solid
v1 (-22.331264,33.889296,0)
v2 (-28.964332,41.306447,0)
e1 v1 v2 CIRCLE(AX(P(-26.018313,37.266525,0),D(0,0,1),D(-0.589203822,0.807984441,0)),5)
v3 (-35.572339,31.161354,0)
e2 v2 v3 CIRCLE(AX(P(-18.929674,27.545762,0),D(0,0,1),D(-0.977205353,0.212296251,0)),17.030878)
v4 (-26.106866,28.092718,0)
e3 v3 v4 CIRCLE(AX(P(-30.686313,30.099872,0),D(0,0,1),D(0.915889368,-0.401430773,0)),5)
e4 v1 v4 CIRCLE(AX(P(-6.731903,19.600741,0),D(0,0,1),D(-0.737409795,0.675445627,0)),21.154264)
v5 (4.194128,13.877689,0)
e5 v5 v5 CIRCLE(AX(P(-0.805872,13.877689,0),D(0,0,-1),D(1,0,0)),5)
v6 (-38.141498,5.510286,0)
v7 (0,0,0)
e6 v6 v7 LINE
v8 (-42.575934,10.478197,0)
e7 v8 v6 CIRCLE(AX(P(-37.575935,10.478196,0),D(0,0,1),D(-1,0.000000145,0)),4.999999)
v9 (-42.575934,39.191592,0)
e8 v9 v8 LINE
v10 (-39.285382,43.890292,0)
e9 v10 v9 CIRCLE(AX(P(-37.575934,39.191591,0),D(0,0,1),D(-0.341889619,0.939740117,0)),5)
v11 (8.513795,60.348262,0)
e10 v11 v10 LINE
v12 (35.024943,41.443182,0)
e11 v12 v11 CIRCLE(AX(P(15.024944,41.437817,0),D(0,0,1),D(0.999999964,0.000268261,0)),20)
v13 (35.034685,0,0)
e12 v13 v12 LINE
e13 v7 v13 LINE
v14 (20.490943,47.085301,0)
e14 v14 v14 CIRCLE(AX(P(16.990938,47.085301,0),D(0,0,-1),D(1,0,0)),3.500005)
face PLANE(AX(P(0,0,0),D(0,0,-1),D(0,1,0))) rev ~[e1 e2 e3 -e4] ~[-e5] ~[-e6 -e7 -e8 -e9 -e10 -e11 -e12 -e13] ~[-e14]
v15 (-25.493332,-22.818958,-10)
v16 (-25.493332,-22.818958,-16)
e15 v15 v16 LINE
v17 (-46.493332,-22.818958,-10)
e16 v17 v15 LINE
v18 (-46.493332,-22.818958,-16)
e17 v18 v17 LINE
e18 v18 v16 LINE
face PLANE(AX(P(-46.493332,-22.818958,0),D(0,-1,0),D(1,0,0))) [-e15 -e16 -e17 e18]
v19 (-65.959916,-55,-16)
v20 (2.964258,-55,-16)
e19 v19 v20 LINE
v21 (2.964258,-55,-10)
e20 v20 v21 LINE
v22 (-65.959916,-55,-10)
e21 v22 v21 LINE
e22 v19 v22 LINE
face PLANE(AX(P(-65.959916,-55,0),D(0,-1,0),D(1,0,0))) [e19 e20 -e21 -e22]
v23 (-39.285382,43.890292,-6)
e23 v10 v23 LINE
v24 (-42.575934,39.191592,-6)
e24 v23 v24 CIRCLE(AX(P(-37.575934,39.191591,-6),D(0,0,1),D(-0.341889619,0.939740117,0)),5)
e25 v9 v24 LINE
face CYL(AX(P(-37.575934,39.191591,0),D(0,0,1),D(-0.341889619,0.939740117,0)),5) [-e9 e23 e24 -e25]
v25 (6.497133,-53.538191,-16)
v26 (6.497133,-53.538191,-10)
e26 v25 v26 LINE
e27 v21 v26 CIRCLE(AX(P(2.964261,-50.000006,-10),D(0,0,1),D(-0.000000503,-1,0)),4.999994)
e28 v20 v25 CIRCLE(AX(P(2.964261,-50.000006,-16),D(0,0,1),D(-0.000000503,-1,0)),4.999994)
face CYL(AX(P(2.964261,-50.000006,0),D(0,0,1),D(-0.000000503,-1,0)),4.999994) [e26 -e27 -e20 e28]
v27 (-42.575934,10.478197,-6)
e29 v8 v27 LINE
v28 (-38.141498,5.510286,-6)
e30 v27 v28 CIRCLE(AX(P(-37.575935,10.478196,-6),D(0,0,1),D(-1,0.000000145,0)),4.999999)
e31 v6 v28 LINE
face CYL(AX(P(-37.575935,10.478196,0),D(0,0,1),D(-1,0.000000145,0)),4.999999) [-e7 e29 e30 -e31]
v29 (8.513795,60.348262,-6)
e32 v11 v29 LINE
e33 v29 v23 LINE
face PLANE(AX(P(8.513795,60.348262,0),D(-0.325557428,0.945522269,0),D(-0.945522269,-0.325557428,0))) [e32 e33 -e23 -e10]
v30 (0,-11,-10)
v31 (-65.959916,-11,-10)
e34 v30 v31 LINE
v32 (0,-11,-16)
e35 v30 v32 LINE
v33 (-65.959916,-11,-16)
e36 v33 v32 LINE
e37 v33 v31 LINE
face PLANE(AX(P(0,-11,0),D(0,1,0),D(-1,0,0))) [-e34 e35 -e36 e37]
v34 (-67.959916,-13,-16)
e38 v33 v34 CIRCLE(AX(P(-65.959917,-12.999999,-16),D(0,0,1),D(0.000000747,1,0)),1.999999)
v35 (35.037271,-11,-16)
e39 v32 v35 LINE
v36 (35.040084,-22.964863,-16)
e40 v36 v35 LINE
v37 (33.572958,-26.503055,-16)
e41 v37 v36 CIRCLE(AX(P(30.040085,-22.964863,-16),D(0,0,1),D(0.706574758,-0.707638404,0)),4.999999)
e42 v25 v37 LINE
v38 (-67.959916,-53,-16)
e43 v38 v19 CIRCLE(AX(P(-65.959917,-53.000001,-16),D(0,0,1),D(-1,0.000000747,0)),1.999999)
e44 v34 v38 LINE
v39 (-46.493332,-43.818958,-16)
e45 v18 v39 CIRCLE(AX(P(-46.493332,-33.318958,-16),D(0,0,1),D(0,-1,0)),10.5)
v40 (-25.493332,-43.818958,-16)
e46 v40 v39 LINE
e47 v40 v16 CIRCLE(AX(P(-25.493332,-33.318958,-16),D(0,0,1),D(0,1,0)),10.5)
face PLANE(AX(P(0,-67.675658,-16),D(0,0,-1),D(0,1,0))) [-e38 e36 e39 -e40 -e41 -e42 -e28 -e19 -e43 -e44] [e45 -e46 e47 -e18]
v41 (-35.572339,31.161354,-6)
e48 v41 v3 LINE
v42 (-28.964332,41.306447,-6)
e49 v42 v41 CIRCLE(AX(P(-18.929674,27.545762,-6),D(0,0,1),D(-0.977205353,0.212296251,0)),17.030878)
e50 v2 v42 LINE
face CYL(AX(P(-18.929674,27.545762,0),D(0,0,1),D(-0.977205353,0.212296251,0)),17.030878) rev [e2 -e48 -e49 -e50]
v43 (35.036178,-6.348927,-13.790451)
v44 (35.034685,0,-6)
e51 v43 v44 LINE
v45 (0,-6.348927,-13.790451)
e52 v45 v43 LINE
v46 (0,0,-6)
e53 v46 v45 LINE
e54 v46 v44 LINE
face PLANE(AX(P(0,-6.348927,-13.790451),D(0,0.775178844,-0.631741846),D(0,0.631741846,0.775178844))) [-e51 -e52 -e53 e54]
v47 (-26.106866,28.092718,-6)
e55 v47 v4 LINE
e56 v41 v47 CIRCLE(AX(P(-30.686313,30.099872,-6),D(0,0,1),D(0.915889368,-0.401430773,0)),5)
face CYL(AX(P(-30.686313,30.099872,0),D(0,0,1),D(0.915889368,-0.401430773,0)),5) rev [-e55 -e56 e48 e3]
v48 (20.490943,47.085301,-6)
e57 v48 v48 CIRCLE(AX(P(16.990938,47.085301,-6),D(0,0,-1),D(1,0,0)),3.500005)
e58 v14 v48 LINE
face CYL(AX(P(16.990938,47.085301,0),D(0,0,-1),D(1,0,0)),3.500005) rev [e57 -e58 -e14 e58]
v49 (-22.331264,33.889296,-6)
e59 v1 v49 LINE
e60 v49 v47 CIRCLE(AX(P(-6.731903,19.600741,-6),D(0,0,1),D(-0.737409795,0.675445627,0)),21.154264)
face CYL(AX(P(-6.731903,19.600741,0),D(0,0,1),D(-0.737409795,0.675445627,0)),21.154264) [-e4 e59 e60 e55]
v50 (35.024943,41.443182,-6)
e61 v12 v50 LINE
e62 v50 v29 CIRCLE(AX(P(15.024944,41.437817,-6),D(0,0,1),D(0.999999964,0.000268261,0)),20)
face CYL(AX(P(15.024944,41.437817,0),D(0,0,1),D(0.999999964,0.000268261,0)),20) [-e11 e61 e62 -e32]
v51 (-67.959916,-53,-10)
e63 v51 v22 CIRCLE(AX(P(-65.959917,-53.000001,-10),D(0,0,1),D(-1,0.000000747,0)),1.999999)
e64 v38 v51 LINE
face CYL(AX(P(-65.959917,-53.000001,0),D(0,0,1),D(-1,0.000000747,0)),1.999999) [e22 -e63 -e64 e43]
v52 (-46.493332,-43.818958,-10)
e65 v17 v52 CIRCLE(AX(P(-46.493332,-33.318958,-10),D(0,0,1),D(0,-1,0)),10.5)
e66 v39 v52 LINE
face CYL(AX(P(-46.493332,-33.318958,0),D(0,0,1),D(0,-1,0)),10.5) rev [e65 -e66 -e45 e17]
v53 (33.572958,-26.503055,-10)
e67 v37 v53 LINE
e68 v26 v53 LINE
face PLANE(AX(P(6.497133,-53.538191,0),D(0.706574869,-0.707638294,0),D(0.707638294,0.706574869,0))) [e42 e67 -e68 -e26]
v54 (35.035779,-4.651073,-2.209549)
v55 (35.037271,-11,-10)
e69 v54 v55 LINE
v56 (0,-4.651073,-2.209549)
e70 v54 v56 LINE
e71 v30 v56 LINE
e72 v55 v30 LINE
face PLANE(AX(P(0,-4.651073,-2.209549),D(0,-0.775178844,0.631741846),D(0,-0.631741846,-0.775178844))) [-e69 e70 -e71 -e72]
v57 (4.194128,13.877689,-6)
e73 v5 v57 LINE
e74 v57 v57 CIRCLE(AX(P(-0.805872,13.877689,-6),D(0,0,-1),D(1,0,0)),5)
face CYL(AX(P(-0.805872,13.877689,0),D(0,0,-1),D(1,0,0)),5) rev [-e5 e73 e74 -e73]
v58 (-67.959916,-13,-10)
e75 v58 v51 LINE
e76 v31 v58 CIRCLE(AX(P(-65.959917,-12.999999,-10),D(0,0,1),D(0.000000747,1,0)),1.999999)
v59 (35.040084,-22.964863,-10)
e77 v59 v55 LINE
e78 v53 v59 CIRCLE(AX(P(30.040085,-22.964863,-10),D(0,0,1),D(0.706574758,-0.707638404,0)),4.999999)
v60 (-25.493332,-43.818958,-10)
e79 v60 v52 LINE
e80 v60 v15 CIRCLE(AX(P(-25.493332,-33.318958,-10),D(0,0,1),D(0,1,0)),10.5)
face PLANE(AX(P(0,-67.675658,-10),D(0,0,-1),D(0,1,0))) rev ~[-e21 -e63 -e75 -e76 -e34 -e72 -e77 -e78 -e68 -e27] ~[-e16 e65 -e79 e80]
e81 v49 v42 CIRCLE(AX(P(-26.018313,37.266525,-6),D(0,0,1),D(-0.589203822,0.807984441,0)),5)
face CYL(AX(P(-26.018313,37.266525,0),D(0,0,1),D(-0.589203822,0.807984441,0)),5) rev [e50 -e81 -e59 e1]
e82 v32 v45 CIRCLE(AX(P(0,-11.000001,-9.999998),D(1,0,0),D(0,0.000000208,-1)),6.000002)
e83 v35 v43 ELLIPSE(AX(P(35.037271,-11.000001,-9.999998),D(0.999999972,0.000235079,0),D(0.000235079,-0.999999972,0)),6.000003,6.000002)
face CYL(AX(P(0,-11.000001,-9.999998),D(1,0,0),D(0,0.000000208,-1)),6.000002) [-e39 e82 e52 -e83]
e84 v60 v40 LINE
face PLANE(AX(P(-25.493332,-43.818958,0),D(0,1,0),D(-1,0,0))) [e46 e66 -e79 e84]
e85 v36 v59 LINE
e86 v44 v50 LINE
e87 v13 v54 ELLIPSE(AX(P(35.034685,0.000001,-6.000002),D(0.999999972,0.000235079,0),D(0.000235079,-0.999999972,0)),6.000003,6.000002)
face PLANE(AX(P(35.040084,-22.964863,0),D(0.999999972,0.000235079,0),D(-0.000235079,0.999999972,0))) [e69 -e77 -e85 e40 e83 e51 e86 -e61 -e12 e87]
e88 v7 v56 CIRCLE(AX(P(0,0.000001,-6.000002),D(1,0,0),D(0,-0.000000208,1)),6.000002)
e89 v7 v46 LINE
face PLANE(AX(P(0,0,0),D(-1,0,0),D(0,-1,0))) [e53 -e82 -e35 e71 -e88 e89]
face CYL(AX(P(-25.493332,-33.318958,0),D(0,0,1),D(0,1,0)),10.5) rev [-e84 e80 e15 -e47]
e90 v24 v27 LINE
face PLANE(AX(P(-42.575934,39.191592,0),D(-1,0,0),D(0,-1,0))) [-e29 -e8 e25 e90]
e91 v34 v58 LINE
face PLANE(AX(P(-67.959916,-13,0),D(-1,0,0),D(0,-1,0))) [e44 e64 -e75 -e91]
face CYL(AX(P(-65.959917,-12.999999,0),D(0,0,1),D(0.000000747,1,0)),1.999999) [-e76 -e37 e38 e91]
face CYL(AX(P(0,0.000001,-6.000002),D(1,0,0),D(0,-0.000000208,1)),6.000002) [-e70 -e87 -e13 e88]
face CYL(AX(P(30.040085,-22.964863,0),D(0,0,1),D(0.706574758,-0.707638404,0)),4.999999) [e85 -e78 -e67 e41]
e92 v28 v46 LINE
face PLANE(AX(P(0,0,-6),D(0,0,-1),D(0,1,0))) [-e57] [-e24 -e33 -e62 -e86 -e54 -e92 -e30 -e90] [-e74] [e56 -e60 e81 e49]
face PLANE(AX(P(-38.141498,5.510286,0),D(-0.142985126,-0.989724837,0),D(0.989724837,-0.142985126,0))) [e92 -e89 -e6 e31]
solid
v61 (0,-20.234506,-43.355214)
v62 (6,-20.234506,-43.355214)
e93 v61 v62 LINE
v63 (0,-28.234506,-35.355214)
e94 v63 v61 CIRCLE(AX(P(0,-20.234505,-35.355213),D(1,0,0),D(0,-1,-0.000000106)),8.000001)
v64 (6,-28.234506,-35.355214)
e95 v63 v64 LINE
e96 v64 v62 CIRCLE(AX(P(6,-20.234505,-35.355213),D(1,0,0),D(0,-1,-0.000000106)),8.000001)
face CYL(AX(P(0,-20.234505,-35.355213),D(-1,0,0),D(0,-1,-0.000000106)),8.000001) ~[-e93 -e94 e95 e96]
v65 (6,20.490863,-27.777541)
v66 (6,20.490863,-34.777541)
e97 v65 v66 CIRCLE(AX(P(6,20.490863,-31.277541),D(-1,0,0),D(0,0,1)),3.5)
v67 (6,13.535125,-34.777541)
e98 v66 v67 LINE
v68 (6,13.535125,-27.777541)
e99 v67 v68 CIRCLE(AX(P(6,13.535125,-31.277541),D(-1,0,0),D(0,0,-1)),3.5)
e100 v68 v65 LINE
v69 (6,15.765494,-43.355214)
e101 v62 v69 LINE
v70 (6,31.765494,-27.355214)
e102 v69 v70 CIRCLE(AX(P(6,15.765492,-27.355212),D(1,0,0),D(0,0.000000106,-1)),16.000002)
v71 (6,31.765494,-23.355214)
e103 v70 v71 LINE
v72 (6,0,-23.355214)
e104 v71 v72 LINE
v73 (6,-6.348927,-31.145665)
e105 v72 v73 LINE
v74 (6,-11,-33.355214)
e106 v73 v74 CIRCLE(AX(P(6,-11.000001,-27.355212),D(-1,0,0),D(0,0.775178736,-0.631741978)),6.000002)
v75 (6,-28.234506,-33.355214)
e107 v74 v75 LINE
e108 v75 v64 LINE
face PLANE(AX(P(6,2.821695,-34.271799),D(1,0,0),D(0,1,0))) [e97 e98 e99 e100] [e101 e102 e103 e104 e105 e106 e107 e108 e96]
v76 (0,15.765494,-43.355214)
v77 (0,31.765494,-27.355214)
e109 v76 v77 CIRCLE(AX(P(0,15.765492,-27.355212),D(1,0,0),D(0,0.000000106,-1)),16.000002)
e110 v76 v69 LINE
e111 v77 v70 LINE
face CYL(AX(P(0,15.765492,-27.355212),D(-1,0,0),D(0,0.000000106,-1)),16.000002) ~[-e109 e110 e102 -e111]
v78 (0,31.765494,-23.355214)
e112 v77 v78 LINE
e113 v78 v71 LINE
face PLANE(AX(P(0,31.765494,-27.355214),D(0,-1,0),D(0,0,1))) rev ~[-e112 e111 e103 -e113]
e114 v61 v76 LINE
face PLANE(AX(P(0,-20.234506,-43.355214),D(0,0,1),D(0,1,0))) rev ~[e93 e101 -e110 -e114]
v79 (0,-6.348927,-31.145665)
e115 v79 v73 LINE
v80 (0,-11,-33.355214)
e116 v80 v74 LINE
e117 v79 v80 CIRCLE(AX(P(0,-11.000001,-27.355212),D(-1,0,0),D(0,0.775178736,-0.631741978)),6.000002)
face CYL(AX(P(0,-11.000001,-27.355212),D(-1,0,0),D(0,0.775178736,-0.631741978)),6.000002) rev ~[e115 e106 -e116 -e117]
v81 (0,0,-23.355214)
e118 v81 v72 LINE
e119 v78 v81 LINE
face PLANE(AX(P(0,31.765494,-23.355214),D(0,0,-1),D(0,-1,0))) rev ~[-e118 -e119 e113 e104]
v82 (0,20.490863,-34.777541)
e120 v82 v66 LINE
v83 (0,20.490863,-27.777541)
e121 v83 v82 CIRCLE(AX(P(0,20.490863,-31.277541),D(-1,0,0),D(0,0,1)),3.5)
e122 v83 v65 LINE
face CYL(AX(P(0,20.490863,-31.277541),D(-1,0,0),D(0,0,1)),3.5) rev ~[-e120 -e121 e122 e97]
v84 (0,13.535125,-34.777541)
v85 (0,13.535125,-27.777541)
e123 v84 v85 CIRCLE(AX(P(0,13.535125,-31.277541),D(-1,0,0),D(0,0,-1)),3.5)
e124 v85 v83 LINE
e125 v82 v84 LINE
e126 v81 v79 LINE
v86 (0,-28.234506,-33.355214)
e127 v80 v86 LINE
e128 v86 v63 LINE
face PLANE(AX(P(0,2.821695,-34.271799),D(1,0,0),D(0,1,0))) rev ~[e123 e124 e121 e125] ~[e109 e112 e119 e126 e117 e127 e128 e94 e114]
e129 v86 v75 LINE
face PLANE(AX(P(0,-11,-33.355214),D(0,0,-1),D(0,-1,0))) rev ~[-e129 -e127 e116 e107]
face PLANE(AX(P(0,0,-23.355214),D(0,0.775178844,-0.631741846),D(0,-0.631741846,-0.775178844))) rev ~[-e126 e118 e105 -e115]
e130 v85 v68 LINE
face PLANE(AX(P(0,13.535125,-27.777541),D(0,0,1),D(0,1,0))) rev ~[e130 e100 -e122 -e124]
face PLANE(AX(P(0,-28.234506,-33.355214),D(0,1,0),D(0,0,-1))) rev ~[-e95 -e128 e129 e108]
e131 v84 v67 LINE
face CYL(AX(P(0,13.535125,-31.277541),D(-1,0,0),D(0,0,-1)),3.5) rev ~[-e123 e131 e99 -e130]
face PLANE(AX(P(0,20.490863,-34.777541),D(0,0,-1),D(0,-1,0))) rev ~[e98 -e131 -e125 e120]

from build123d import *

# Parameters (mm, degrees)
F0_R     = 5
F0_R_2   = 3.500005
F2_DEPTH = 50
F1_W     = 56.675658
F1_H     = 6
F1_W_2   = 79.885715
F3_DEPTH = 100
F4_DEPTH = 6


with BuildPart() as f2:
    # F0 (on Top) → F2 (new body, symmetric)
    with BuildSketch(Plane.XY):
        with BuildLine():
            Line((0, -11), (-65.959916, -11))
            ThreePointArc((-65.959916, -11), (-67.37413, -11.585786), (-67.959916, -13))
            Line((-67.959916, -13), (-67.959916, -53))
            ThreePointArc((-67.959916, -53), (-67.37413, -54.414214), (-65.959916, -55))
            Line((-65.959916, -55), (2.964258, -55))
            ThreePointArc((2.964258, -55), (4.875939, -54.620117), (6.497133, -53.538191))
            Line((6.497133, -53.538191), (33.572958, -26.503055))
            ThreePointArc((33.572958, -26.503055), (34.658762, -24.880017), (35.040084, -22.964863))
            Line((35.040084, -22.964863), (35.024943, 41.443182))
            ThreePointArc((35.024943, 41.443182), (26.636911, 57.721619), (8.513795, 60.348262))
            Line((8.513795, 60.348262), (-39.285382, 43.890292))
            ThreePointArc((-39.285382, 43.890292), (-41.671495, 42.059758), (-42.575934, 39.191592))
            Line((-42.575934, 39.191592), (-42.575934, 10.478197))
            ThreePointArc((-42.575934, 10.478197), (-41.306069, 7.148618), (-38.141498, 5.510286))
            Line((-38.141498, 5.510286), (0, 0))
            Line((0, 0), (0, -11))
        make_face()
        with BuildLine():
            ThreePointArc((-46.493332, -43.818958), (-56.993332, -33.318958), (-46.493332, -22.818958))
            Line((-46.493332, -22.818958), (-25.493332, -22.818958))
            ThreePointArc((-25.493332, -22.818958), (-14.993332, -33.318958), (-25.493332, -43.818958))
            Line((-25.493332, -43.818958), (-46.493332, -43.818958))
        make_face(mode=Mode.SUBTRACT)
        with BuildLine():
            ThreePointArc((-26.106866, 28.092718), (-32.228269, 25.343574), (-35.572339, 31.161354))
            ThreePointArc((-35.572339, 31.161354), (-33.200295, 36.840932), (-28.964332, 41.306447))
            ThreePointArc((-28.964332, 41.306447), (-22.291275, 40.59957), (-22.331264, 33.889296))
            ThreePointArc((-22.331264, 33.889296), (-24.457616, 31.146388), (-26.106866, 28.092718))
        make_face(mode=Mode.SUBTRACT)
        with Locations((-0.805872, 13.877689)):
            Circle(F0_R, mode=Mode.SUBTRACT)
        with Locations((16.990938, 47.085301)):
            Circle(F0_R_2, mode=Mode.SUBTRACT)
    extrude(amount=F2_DEPTH, both=True)

    # F1 (on Right) → F3 (intersect, symmetric)
    with BuildSketch(Plane.YZ):
        with Locations((-39.337829, -13)):
            Rectangle(F1_W, F1_H)
        with BuildLine():
            Line((0, -6), (0, 0))
            ThreePointArc((0, 0), (-2.574616, -0.580466), (-4.651073, -2.209549))
            Line((-4.651073, -2.209549), (-11, -10))
            Line((-11, -10), (-11, -16))
            ThreePointArc((-11, -16), (-8.425384, -15.419534), (-6.348927, -13.790451))
            Line((-6.348927, -13.790451), (0, -6))
        make_face()
        with Locations((39.942857, -3)):
            Rectangle(F1_W_2, F1_H)
    extrude(amount=F3_DEPTH, both=True, mode=Mode.INTERSECT)


with BuildPart() as f4:
    # F1 (on Right) → F4 (new body)
    with BuildSketch(Plane.YZ):
        with BuildLine():
            Line((31.765494, -23.355214), (0, -23.355214))
            Line((0, -23.355214), (-6.348927, -31.145665))
            ThreePointArc((-6.348927, -31.145665), (-8.425384, -32.774748), (-11, -33.355214))
            Line((-11, -33.355214), (-28.234506, -33.355214))
            Line((-28.234506, -33.355214), (-28.234506, -35.355214))
            ThreePointArc((-28.234506, -35.355214), (-25.89136, -41.012068), (-20.234506, -43.355214))
            Line((-20.234506, -43.355214), (15.765494, -43.355214))
            ThreePointArc((15.765494, -43.355214), (27.079202, -38.668922), (31.765494, -27.355214))
            Line((31.765494, -27.355214), (31.765494, -23.355214))
        make_face()
        with BuildLine():
            ThreePointArc((13.535125, -34.777541), (10.035125, -31.277541), (13.535125, -27.777541))
            Line((13.535125, -27.777541), (20.490863, -27.777541))
            ThreePointArc((20.490863, -27.777541), (23.990863, -31.277541), (20.490863, -34.777541))
            Line((20.490863, -34.777541), (13.535125, -34.777541))
        make_face(mode=Mode.SUBTRACT)
    extrude(amount=F4_DEPTH)


solid = Compound([f2.part, f4.part])
